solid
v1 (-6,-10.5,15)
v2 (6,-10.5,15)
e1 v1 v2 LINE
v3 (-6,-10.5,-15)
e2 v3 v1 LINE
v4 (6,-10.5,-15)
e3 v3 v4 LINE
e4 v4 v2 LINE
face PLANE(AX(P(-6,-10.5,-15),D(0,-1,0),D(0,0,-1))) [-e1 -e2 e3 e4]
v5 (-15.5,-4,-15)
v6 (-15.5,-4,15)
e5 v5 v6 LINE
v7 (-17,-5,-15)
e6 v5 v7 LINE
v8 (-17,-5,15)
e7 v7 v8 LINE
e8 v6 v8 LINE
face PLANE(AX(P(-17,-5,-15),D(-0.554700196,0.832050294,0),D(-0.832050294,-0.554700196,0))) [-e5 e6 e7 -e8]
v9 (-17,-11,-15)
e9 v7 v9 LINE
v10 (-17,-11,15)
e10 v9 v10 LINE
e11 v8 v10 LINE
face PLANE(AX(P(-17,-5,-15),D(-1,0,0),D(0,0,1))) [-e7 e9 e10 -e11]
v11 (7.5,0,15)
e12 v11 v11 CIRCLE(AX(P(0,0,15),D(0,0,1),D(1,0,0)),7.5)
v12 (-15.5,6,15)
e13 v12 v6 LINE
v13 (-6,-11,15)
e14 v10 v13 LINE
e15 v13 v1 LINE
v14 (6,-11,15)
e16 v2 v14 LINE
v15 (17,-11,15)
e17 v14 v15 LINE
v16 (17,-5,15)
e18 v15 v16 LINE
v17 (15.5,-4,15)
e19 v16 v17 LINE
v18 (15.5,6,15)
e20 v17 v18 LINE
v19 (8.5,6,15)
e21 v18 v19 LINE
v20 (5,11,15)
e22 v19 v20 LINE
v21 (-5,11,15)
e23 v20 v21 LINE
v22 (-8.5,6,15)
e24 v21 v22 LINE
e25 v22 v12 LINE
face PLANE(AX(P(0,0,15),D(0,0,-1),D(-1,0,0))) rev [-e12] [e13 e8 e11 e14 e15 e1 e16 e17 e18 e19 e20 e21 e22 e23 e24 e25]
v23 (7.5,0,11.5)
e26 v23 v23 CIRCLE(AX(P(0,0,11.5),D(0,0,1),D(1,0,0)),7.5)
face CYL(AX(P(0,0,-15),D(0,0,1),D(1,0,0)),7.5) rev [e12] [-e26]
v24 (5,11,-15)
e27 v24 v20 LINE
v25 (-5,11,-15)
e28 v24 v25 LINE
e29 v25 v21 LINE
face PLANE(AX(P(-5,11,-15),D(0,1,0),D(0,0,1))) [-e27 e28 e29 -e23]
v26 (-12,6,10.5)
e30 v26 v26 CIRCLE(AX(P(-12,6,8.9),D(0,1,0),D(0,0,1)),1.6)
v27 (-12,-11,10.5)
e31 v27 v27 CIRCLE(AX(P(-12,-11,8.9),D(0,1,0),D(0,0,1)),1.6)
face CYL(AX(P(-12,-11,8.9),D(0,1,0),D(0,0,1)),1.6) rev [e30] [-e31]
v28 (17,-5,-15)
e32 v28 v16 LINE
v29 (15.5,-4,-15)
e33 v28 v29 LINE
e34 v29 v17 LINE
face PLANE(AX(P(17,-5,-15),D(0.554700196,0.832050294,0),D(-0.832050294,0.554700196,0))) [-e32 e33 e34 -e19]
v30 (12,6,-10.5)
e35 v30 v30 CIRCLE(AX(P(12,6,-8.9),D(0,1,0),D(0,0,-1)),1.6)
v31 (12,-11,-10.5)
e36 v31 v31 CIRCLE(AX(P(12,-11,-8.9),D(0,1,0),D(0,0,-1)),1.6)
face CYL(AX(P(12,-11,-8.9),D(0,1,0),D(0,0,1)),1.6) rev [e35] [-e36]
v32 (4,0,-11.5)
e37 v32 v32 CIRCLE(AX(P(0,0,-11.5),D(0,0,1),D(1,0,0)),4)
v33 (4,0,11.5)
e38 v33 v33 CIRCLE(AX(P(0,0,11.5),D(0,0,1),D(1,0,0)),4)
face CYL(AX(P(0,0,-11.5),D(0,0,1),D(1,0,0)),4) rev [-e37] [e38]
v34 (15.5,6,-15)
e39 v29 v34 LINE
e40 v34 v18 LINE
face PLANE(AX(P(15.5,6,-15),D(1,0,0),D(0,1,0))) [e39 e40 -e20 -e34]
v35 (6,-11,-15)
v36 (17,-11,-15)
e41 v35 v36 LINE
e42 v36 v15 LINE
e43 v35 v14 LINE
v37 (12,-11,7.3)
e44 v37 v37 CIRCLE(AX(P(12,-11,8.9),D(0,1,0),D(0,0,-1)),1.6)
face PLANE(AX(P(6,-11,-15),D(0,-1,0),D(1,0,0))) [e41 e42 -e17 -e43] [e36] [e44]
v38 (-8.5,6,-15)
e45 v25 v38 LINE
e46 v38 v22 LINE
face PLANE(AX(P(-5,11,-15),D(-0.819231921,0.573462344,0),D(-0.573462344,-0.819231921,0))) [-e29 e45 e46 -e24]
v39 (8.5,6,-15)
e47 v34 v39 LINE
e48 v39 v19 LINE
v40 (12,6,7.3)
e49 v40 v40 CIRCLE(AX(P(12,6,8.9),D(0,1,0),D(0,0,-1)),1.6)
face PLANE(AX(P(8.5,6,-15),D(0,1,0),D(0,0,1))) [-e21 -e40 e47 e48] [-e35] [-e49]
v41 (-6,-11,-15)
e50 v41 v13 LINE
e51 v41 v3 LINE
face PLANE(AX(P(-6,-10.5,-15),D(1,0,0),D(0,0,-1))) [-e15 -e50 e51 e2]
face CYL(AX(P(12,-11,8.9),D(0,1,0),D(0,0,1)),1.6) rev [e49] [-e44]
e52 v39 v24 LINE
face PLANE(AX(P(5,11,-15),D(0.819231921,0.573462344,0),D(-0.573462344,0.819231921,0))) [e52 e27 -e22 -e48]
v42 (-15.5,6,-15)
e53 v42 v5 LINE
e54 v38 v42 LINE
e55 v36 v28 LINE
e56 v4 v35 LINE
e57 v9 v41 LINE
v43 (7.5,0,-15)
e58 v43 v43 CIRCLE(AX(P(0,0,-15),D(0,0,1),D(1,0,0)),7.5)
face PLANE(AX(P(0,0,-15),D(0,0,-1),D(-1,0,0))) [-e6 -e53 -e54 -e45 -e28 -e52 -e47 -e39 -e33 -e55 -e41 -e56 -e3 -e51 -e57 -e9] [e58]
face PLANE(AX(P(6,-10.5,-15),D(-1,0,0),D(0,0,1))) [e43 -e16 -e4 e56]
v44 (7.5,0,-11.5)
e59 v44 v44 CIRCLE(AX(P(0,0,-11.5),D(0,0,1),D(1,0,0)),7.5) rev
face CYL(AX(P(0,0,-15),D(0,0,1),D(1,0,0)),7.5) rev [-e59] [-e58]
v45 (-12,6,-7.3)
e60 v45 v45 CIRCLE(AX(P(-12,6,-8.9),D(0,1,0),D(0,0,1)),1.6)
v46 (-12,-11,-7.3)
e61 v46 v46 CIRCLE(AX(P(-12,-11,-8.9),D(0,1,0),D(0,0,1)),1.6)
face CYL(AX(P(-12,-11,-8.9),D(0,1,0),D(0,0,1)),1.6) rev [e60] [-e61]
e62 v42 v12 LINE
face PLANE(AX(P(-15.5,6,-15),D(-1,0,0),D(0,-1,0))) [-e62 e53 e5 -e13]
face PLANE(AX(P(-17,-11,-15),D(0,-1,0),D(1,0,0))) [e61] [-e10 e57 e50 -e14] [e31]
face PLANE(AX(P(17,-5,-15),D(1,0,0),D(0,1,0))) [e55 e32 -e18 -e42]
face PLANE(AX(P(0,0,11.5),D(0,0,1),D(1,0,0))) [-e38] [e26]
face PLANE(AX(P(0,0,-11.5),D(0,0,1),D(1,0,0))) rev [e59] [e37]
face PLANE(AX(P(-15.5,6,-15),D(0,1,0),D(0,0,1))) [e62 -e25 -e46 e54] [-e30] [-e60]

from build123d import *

# Parameters (mm, degrees)
Y_KSEKLIK_EKSTR_ZYON1_DEPTH      = 15
Y_KSEKLIK_EKSTR_ZYON1_DEPTH_BACK = 15
IZIM2_R                          = 7.5
KES_EKSTR_ZYON1_DEPTH            = 37.193922142
Y_KSEKLIK_EKSTR_ZYON2_DEPTH      = 11.5
Y_KSEKLIK_EKSTR_ZYON2_DEPTH_BACK = 11.5
IZIM3_R                          = 7.5
IZIM3_R_2                        = 4
IZIM4_R                          = 1.6
KES_EKSTR_ZYON2_DEPTH            = 29.337254631


with BuildPart() as part:
    # Çizim1 → Yükseklik-Ekstrüzyon1 (new, two sides: drawn at the far end of the back side and taken through both)
    with BuildSketch(Plane.XY.offset(-Y_KSEKLIK_EKSTR_ZYON1_DEPTH_BACK)):
        Polygon((-15.5, 6), (-8.5, 6), (-5, 11), (5, 11), (8.5, 6), (15.5, 6), (15.5, -4), (17, -5), (17, -11), (6, -11), (6, -10.5), (-6, -10.5), (-6, -11), (-17, -11), (-17, -5), (-15.5, -4), align=None)
    extrude(amount=Y_KSEKLIK_EKSTR_ZYON1_DEPTH + Y_KSEKLIK_EKSTR_ZYON1_DEPTH_BACK)

    # Çizim2 → Kes-Ekstrüzyon1 (cut, through all)
    with BuildSketch(Plane.XY.offset(15)):
        Circle(IZIM2_R)
    extrude(amount=-KES_EKSTR_ZYON1_DEPTH, mode=Mode.SUBTRACT)

    # Çizim3 → Yükseklik-Ekstrüzyon2 (add, two sides: drawn at the far end of the back side and taken through both)
    with BuildSketch(Plane.XY.offset(-Y_KSEKLIK_EKSTR_ZYON2_DEPTH_BACK)):
        Circle(IZIM3_R)
        Circle(IZIM3_R_2, mode=Mode.SUBTRACT)
    extrude(amount=Y_KSEKLIK_EKSTR_ZYON2_DEPTH + Y_KSEKLIK_EKSTR_ZYON2_DEPTH_BACK)

    # Çizim4 → Kes-Ekstrüzyon2 (cut, through all)
    with BuildSketch(Plane(origin=(0, 6, 0), x_dir=(1, 0, 0), z_dir=(0, 1, 0))):
        with Locations((-12, 8.9)):
            Circle(IZIM4_R)
        with Locations((-12, -8.9)):
            Circle(IZIM4_R)
        with Locations((12, -8.9)):
            Circle(IZIM4_R)
        with Locations((12, 8.9)):
            Circle(IZIM4_R)
    extrude(amount=-KES_EKSTR_ZYON2_DEPTH, mode=Mode.SUBTRACT)


solid = part.part
